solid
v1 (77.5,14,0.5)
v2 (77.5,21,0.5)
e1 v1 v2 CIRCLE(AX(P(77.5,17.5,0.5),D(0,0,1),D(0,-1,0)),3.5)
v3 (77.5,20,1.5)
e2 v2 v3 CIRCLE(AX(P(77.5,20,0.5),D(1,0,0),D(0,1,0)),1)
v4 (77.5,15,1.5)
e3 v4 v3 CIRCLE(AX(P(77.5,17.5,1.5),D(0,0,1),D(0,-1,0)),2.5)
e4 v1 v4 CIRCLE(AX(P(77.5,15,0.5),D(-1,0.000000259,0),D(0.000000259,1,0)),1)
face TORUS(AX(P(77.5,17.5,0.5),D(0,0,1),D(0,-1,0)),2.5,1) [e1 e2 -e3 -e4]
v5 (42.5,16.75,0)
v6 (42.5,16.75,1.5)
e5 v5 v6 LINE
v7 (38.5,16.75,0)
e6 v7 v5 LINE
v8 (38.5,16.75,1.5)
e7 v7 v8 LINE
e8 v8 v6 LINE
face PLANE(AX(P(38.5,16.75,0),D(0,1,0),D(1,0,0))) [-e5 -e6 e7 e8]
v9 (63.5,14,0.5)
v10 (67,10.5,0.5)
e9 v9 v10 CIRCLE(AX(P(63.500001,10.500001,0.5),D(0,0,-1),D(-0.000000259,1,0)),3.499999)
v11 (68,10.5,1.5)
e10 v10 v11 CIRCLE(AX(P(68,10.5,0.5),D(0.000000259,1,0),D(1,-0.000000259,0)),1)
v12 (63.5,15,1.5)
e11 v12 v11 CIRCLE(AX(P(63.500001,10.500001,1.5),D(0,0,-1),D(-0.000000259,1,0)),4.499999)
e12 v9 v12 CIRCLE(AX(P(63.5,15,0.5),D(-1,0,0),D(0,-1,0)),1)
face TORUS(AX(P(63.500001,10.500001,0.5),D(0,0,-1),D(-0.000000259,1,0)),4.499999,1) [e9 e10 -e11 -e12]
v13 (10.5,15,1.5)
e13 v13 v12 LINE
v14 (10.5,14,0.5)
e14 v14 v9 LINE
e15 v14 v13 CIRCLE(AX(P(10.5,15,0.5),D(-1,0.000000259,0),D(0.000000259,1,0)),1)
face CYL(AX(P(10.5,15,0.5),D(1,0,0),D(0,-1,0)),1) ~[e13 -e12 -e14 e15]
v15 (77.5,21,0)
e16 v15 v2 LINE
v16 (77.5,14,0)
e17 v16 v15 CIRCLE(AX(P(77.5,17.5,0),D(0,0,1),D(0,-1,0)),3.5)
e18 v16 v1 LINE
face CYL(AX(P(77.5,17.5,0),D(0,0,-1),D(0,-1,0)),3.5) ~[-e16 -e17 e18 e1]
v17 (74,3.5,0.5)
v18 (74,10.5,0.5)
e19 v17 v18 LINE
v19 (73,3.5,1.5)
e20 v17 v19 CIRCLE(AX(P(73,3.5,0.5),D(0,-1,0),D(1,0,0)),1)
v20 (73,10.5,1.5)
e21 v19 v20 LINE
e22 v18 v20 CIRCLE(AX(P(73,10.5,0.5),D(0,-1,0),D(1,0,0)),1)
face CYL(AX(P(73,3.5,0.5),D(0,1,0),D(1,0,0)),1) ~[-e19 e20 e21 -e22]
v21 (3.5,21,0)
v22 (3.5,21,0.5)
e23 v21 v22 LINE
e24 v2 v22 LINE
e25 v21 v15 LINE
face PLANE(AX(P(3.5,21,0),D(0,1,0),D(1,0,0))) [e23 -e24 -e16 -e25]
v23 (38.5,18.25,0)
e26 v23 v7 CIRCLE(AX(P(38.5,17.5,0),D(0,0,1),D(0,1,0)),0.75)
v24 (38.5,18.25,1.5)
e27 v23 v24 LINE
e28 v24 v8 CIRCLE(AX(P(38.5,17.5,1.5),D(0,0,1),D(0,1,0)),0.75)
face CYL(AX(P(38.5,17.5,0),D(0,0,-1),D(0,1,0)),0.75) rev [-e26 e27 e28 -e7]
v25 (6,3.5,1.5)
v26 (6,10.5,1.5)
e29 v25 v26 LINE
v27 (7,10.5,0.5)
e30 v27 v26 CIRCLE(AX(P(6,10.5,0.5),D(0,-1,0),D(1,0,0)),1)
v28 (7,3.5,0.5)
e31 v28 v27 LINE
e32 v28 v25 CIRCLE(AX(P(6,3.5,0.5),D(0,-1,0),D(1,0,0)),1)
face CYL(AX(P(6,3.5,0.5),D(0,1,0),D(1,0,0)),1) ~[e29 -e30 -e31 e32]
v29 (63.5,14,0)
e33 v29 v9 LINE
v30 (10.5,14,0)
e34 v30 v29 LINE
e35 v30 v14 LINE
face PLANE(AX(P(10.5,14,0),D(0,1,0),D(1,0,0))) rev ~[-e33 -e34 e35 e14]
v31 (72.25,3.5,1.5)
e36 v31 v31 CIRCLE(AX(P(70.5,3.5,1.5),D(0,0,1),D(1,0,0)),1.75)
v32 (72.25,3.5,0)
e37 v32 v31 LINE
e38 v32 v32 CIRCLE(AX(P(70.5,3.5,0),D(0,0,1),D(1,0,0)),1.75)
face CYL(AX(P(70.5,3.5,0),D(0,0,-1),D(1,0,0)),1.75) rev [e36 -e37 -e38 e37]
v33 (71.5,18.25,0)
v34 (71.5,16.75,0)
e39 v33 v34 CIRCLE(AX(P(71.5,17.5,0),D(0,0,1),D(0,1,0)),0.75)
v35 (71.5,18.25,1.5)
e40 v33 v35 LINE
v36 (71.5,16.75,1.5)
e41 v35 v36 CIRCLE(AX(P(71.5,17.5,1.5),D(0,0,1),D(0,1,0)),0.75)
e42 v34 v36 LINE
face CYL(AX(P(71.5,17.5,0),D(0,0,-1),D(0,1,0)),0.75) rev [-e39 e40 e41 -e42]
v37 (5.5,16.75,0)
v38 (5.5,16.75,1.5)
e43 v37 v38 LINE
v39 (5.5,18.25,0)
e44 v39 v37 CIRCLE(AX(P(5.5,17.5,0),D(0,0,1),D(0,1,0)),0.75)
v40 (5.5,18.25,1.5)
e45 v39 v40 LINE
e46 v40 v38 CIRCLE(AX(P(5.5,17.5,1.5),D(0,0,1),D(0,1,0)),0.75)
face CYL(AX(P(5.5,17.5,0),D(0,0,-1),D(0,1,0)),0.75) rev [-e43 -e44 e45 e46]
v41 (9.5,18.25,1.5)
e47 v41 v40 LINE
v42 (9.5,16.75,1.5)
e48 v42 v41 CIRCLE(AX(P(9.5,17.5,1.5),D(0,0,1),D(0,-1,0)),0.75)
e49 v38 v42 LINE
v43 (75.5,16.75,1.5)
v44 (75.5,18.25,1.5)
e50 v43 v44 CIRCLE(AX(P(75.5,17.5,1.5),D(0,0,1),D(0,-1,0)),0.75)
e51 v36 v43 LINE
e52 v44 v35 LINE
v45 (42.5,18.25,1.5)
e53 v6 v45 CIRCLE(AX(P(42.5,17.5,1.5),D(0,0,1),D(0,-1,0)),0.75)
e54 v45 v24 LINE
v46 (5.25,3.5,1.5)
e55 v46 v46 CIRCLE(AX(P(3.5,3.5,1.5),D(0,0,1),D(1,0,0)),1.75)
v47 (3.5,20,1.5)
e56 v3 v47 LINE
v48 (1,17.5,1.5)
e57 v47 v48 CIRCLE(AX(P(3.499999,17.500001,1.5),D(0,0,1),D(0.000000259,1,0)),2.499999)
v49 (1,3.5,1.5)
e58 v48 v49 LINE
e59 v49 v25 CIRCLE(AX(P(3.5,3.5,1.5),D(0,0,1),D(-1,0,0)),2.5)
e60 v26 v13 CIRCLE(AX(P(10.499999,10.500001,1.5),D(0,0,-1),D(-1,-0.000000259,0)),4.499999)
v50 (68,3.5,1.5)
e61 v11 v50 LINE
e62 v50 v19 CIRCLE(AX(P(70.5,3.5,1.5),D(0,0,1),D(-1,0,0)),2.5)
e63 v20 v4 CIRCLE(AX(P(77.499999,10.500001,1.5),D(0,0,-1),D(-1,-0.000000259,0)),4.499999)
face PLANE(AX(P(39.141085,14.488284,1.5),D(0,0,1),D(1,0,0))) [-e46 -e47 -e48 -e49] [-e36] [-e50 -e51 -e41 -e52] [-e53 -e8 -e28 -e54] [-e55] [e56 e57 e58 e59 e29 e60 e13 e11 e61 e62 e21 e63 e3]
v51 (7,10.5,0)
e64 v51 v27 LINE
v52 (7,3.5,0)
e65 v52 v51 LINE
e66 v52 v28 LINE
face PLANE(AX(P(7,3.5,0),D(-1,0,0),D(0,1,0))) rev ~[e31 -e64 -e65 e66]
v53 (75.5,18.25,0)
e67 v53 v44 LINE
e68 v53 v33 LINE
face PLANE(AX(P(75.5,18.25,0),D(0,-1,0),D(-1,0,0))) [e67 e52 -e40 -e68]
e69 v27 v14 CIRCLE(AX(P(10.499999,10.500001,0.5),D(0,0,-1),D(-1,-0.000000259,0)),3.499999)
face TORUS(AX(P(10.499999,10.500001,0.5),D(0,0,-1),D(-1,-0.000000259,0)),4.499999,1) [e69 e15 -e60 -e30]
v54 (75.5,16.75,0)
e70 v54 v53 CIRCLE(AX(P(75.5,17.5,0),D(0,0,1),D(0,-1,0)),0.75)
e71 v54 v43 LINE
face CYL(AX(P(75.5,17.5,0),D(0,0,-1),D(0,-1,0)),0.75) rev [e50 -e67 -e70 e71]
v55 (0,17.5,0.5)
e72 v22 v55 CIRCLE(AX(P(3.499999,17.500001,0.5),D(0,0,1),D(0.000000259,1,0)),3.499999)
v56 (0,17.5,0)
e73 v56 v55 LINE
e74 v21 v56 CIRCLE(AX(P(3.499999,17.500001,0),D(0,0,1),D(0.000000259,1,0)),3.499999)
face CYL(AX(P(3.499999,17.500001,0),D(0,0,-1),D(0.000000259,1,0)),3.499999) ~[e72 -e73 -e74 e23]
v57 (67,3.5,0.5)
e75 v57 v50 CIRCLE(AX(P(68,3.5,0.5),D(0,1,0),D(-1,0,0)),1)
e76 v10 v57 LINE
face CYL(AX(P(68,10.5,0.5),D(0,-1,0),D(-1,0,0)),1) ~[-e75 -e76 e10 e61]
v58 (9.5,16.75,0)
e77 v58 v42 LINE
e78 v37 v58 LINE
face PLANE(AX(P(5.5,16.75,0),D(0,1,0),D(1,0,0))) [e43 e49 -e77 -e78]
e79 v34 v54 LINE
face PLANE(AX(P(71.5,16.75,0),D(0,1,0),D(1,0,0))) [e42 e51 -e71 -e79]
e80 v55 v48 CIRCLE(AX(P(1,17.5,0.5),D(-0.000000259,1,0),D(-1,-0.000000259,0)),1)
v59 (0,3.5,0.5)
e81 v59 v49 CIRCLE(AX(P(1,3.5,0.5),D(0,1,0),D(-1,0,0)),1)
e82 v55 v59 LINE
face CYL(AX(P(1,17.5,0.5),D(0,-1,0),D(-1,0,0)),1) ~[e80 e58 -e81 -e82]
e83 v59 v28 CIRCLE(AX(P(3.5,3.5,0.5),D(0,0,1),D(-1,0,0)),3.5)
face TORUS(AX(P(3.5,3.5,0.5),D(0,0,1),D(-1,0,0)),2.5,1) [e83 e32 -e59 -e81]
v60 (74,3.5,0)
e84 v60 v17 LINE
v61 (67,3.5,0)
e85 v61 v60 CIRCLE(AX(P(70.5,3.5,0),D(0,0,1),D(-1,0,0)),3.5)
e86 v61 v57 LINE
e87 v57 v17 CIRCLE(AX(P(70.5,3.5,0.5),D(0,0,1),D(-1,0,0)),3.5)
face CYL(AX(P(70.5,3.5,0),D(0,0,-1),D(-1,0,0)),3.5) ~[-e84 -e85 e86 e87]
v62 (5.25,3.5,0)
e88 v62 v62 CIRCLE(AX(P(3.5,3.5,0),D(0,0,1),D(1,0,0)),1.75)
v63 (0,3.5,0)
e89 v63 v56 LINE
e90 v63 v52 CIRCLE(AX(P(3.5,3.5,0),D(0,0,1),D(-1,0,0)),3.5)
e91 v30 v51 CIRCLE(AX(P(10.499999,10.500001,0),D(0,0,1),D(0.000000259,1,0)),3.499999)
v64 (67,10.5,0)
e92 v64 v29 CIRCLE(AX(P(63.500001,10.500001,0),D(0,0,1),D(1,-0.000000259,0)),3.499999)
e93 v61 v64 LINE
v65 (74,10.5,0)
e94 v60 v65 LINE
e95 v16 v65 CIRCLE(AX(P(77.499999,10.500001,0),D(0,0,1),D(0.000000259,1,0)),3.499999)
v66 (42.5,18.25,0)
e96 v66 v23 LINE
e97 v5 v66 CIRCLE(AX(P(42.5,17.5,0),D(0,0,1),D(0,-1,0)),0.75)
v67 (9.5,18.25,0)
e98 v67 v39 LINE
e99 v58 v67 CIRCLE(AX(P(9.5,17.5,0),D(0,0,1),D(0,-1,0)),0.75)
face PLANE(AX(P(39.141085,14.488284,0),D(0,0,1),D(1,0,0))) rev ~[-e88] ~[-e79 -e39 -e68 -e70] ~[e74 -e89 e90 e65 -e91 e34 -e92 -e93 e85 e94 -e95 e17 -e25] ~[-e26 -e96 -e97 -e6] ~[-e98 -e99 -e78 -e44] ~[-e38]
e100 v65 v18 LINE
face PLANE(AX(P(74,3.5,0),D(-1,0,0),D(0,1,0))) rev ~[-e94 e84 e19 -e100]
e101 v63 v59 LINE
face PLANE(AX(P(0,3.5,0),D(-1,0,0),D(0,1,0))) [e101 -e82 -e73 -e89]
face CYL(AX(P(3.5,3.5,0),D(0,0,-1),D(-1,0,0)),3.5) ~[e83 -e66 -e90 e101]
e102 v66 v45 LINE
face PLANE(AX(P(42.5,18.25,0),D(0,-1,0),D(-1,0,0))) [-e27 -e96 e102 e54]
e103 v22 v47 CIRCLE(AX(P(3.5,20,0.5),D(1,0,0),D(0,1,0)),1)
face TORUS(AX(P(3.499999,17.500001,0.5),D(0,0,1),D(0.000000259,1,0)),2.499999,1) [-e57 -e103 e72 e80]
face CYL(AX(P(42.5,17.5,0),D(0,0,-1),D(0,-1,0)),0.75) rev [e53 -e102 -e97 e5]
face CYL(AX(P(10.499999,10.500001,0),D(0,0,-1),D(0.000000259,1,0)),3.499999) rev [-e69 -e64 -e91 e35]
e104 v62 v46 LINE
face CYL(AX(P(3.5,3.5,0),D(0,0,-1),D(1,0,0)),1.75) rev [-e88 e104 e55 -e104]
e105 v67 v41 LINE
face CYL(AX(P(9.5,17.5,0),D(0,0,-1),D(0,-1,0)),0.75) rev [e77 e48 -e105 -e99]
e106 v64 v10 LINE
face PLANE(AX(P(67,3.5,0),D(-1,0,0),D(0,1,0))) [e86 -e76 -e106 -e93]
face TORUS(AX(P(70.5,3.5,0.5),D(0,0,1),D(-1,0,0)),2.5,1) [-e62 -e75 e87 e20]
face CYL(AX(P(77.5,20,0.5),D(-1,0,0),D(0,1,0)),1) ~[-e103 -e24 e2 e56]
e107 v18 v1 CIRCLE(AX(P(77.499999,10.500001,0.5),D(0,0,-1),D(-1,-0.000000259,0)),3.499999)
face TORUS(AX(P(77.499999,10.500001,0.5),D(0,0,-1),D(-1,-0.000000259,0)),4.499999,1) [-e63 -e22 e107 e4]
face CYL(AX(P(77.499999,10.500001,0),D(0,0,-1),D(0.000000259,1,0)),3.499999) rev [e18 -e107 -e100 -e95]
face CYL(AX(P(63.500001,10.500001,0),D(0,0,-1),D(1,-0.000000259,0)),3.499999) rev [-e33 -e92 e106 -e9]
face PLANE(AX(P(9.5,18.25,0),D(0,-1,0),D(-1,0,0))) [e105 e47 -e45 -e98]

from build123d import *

# Parameters (mm, degrees)
SKETCH_R  = 1.75
PAD_DEPTH = 1.5
FILLET_R  = 1


with BuildPart() as part:
    # Sketch → Pad (new body)
    with BuildSketch(Plane.XY):
        with BuildLine():
            ThreePointArc((0, 3.5), (3.5, 0), (7, 3.5))
            Line((7, 3.5), (7, 10.5))
            ThreePointArc((10.5, 14), (8.025126, 12.974874), (7, 10.5))
            Line((10.5, 14), (63.5, 14))
            ThreePointArc((67, 10.5), (65.974874, 12.974874), (63.5, 14))
            Line((67, 3.5), (67, 10.5))
            ThreePointArc((67, 3.5), (70.5, 0), (74, 3.5))
            Line((74, 3.5), (74, 10.5))
            ThreePointArc((77.5, 14), (75.025126, 12.974874), (74, 10.5))
            ThreePointArc((77.5, 14), (81, 17.5), (77.5, 21))
            Line((3.5, 21), (77.5, 21))
            ThreePointArc((3.5, 21), (1.025126, 19.974874), (0, 17.5))
            Line((0, 3.5), (0, 17.5))
        make_face()
        with Locations((3.5, 3.5)):
            Circle(SKETCH_R, mode=Mode.SUBTRACT)
        with Locations((70.5, 3.5)):
            Circle(SKETCH_R, mode=Mode.SUBTRACT)
        with BuildLine():
            ThreePointArc((5.5, 18.25), (4.75, 17.5), (5.5, 16.75))
            Line((5.5, 16.75), (9.5, 16.75))
            ThreePointArc((9.5, 16.75), (10.25, 17.5), (9.5, 18.25))
            Line((9.5, 18.25), (5.5, 18.25))
        make_face(mode=Mode.SUBTRACT)
        with BuildLine():
            ThreePointArc((38.5, 18.25), (37.75, 17.5), (38.5, 16.75))
            Line((38.5, 16.75), (42.5, 16.75))
            ThreePointArc((42.5, 16.75), (43.25, 17.5), (42.5, 18.25))
            Line((42.5, 18.25), (38.5, 18.25))
        make_face(mode=Mode.SUBTRACT)
        with BuildLine():
            ThreePointArc((71.5, 18.25), (70.75, 17.5), (71.5, 16.75))
            Line((71.5, 16.75), (75.5, 16.75))
            ThreePointArc((75.5, 16.75), (76.25, 17.5), (75.5, 18.25))
            Line((75.5, 18.25), (71.5, 18.25))
        make_face(mode=Mode.SUBTRACT)
    extrude(amount=PAD_DEPTH)

    # Fillet
    fillet_edges = [part.edges().sort_by_distance(p)[0] for p in [
        (3.5, 0, 1.5),
    ]]
    fillet(fillet_edges, radius=FILLET_R)


solid = part.part
